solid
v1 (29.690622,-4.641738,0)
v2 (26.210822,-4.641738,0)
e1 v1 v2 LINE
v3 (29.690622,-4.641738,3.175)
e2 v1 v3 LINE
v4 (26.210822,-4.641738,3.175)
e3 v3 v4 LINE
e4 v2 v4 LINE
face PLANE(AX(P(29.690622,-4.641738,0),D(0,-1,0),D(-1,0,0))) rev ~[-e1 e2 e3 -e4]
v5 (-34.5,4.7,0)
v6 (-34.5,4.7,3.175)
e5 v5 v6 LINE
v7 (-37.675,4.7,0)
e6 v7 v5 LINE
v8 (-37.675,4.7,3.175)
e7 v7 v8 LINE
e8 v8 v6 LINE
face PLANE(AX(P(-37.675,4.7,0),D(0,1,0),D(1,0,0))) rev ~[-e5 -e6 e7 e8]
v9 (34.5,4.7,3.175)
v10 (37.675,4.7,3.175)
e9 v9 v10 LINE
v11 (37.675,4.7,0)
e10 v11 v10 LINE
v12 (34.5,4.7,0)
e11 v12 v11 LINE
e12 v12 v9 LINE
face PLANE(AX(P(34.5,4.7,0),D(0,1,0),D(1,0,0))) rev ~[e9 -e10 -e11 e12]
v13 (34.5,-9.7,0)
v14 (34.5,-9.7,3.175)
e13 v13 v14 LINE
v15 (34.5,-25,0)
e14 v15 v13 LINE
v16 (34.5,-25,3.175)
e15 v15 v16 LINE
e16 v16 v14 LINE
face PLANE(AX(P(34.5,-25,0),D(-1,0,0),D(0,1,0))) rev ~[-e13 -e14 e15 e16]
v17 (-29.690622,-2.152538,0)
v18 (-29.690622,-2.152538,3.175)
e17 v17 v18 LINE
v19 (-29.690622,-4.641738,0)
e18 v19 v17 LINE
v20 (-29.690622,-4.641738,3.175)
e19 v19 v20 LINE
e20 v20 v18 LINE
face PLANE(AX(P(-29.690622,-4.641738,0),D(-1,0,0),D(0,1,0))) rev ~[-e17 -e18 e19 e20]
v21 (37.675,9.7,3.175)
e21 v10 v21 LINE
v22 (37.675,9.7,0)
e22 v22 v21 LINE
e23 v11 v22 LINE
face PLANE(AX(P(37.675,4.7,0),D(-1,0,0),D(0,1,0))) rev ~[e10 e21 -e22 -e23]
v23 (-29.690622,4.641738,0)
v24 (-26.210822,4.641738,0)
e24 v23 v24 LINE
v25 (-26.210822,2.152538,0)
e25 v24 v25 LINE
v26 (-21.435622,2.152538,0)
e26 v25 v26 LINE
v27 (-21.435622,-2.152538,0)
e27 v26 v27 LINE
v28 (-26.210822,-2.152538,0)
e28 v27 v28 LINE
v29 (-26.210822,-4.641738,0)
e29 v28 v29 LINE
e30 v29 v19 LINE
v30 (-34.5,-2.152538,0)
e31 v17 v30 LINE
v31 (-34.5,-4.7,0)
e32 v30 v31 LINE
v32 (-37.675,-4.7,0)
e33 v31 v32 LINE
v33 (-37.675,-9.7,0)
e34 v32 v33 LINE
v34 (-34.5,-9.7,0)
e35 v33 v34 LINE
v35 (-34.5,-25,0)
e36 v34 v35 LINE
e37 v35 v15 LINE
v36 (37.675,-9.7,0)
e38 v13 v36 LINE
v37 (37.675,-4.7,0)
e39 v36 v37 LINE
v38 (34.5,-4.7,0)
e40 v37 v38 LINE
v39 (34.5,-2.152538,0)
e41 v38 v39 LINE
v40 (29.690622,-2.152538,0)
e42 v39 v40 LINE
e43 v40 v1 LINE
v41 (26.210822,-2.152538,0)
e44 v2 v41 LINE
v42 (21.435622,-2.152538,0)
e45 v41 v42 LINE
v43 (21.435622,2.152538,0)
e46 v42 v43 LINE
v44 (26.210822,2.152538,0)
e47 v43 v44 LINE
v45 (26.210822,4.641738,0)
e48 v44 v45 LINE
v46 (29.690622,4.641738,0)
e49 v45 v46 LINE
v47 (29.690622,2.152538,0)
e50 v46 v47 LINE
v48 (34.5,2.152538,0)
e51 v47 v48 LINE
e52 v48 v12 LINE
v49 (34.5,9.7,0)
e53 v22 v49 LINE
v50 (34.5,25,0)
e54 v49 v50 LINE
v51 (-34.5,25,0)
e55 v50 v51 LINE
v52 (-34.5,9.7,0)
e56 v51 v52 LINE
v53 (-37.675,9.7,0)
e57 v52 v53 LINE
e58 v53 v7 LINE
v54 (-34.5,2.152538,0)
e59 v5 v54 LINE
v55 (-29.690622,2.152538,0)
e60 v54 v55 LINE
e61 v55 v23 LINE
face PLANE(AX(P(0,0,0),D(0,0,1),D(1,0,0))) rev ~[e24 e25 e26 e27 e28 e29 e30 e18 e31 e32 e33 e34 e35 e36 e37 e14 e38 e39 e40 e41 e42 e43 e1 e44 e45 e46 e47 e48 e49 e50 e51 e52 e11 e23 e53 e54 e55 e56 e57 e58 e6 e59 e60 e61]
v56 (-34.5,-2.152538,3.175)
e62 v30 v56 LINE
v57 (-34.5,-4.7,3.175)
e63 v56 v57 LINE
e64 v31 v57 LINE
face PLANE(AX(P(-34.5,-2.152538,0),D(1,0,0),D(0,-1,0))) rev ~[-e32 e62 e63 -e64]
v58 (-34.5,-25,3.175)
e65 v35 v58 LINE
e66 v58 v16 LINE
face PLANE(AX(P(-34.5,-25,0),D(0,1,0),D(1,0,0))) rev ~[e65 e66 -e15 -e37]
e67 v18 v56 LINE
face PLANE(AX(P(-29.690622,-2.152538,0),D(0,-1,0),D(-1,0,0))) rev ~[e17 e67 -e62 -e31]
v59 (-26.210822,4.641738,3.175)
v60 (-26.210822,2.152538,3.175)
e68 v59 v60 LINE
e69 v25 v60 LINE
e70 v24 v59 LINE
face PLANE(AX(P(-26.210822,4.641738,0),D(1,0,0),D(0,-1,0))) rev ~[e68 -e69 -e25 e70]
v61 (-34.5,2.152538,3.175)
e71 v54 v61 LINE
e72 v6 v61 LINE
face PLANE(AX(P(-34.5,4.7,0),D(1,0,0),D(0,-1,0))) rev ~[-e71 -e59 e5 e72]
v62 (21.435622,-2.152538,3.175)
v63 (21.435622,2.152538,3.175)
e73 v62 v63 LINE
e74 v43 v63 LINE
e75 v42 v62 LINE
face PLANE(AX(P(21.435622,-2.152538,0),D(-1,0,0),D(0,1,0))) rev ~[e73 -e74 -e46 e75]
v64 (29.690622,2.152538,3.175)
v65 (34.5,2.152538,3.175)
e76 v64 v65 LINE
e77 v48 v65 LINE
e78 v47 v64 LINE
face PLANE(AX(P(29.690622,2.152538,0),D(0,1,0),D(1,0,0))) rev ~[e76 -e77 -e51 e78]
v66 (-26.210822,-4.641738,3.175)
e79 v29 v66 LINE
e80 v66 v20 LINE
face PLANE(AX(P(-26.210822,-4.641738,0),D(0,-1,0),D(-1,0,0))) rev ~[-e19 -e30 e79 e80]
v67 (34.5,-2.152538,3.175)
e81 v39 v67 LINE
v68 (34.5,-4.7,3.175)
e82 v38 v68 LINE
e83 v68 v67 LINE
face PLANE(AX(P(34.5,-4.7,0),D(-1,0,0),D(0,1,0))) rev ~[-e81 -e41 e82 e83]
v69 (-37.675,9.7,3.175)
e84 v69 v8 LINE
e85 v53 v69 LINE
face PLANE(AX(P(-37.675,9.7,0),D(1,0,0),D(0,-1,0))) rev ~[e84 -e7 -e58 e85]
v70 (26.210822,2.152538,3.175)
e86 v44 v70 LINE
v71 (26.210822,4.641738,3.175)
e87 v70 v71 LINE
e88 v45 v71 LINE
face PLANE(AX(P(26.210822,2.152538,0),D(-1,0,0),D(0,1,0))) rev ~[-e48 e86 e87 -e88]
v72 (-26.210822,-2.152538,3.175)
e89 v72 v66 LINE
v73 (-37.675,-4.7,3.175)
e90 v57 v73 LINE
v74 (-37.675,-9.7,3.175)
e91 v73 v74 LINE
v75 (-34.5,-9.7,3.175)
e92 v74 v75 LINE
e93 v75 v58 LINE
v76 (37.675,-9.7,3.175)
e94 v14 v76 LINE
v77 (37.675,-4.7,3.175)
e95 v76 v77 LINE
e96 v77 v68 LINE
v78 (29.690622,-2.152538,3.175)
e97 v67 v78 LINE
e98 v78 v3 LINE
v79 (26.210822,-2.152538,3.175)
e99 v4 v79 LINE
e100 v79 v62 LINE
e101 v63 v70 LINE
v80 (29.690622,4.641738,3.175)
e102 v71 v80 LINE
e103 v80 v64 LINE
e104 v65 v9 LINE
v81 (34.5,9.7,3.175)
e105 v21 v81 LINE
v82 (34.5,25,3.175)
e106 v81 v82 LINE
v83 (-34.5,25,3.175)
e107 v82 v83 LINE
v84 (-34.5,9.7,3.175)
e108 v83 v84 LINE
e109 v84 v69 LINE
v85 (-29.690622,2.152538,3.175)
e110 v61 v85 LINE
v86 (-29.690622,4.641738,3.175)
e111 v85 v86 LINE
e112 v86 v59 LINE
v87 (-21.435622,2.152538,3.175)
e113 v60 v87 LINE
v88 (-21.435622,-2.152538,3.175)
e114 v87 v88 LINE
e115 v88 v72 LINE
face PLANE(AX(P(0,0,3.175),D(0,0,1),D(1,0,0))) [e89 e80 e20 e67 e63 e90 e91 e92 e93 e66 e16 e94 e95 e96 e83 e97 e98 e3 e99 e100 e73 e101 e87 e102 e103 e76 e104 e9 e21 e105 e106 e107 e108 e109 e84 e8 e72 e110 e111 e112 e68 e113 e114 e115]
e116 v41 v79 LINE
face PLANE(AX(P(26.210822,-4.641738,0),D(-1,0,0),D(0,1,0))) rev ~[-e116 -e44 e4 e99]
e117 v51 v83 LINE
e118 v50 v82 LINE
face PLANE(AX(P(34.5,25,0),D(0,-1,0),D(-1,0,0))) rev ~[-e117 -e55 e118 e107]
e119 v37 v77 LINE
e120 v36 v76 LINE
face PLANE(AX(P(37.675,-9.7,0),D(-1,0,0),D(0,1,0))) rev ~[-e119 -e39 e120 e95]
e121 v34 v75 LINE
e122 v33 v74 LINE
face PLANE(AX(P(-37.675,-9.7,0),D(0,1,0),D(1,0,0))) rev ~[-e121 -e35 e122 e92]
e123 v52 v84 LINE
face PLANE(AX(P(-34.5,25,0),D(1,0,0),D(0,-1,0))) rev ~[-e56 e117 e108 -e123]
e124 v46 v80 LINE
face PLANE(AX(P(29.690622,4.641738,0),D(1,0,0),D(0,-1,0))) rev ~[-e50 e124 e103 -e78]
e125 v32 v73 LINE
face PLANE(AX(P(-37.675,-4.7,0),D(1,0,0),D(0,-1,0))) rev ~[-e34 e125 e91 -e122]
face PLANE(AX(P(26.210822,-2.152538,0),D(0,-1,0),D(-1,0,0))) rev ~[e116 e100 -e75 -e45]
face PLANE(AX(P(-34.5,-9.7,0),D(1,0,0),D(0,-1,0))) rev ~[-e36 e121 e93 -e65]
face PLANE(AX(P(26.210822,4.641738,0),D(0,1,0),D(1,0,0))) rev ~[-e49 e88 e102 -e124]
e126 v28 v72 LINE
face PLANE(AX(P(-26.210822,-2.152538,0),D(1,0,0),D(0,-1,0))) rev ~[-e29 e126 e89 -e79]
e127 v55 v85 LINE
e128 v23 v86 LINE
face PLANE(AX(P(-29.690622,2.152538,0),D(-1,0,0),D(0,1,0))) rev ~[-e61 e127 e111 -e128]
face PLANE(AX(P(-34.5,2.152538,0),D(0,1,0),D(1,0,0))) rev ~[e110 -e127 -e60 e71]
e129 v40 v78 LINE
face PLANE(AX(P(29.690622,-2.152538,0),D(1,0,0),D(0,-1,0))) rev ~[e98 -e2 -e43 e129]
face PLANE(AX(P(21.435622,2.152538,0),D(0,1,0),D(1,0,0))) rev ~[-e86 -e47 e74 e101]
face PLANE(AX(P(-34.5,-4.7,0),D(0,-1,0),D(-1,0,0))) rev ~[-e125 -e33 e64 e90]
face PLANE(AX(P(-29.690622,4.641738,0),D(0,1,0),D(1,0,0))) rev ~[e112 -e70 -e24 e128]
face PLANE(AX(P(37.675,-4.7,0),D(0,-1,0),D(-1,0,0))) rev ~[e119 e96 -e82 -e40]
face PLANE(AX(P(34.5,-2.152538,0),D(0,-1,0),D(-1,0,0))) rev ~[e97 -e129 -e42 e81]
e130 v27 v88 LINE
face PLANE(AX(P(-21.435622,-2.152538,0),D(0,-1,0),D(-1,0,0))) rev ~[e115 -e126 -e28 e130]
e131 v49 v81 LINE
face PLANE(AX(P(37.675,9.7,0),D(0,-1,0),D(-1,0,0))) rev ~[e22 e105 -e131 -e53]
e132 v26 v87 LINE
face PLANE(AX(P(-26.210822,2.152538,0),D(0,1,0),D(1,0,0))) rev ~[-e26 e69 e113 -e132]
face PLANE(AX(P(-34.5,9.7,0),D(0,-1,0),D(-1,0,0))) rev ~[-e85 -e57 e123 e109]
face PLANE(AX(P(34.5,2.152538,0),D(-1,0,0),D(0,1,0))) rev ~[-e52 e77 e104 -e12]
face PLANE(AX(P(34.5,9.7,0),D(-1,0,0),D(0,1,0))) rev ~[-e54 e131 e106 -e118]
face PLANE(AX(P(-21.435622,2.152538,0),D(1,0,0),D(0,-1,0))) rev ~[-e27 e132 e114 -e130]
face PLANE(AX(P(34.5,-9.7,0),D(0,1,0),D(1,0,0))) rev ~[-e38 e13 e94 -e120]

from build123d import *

# Parameters (mm, degrees)
F1_DEPTH = 3.175


with BuildPart() as f1:
    # F0 (on Top) → F1 (new body)
    with BuildSketch(Plane.XY):
        Polygon((34.5, 25), (-34.5, 25), (-34.5, 9.7), (-37.675, 9.7), (-37.675, 4.7), (-34.5, 4.7), (-34.5, 2.152538), (-29.690622, 2.152538), (-29.690622, 4.641738), (-26.210822, 4.641738), (-26.210822, 2.152538), (-21.435622, 2.152538), (-21.435622, -2.152538), (-26.210822, -2.152538), (-26.210822, -4.641738), (-29.690622, -4.641738), (-29.690622, -2.152538), (-34.5, -2.152538), (-34.5, -4.7), (-37.675, -4.7), (-37.675, -9.7), (-34.5, -9.7), (-34.5, -25), (34.5, -25), (34.5, -9.7), (37.675, -9.7), (37.675, -4.7), (34.5, -4.7), (34.5, -2.152538), (29.690622, -2.152538), (29.690622, -4.641738), (26.210822, -4.641738), (26.210822, -2.152538), (21.435622, -2.152538), (21.435622, 2.152538), (26.210822, 2.152538), (26.210822, 4.641738), (29.690622, 4.641738), (29.690622, 2.152538), (34.5, 2.152538), (34.5, 4.7), (37.675, 4.7), (37.675, 9.7), (34.5, 9.7), align=None)
    extrude(amount=F1_DEPTH)


solid = f1.part
